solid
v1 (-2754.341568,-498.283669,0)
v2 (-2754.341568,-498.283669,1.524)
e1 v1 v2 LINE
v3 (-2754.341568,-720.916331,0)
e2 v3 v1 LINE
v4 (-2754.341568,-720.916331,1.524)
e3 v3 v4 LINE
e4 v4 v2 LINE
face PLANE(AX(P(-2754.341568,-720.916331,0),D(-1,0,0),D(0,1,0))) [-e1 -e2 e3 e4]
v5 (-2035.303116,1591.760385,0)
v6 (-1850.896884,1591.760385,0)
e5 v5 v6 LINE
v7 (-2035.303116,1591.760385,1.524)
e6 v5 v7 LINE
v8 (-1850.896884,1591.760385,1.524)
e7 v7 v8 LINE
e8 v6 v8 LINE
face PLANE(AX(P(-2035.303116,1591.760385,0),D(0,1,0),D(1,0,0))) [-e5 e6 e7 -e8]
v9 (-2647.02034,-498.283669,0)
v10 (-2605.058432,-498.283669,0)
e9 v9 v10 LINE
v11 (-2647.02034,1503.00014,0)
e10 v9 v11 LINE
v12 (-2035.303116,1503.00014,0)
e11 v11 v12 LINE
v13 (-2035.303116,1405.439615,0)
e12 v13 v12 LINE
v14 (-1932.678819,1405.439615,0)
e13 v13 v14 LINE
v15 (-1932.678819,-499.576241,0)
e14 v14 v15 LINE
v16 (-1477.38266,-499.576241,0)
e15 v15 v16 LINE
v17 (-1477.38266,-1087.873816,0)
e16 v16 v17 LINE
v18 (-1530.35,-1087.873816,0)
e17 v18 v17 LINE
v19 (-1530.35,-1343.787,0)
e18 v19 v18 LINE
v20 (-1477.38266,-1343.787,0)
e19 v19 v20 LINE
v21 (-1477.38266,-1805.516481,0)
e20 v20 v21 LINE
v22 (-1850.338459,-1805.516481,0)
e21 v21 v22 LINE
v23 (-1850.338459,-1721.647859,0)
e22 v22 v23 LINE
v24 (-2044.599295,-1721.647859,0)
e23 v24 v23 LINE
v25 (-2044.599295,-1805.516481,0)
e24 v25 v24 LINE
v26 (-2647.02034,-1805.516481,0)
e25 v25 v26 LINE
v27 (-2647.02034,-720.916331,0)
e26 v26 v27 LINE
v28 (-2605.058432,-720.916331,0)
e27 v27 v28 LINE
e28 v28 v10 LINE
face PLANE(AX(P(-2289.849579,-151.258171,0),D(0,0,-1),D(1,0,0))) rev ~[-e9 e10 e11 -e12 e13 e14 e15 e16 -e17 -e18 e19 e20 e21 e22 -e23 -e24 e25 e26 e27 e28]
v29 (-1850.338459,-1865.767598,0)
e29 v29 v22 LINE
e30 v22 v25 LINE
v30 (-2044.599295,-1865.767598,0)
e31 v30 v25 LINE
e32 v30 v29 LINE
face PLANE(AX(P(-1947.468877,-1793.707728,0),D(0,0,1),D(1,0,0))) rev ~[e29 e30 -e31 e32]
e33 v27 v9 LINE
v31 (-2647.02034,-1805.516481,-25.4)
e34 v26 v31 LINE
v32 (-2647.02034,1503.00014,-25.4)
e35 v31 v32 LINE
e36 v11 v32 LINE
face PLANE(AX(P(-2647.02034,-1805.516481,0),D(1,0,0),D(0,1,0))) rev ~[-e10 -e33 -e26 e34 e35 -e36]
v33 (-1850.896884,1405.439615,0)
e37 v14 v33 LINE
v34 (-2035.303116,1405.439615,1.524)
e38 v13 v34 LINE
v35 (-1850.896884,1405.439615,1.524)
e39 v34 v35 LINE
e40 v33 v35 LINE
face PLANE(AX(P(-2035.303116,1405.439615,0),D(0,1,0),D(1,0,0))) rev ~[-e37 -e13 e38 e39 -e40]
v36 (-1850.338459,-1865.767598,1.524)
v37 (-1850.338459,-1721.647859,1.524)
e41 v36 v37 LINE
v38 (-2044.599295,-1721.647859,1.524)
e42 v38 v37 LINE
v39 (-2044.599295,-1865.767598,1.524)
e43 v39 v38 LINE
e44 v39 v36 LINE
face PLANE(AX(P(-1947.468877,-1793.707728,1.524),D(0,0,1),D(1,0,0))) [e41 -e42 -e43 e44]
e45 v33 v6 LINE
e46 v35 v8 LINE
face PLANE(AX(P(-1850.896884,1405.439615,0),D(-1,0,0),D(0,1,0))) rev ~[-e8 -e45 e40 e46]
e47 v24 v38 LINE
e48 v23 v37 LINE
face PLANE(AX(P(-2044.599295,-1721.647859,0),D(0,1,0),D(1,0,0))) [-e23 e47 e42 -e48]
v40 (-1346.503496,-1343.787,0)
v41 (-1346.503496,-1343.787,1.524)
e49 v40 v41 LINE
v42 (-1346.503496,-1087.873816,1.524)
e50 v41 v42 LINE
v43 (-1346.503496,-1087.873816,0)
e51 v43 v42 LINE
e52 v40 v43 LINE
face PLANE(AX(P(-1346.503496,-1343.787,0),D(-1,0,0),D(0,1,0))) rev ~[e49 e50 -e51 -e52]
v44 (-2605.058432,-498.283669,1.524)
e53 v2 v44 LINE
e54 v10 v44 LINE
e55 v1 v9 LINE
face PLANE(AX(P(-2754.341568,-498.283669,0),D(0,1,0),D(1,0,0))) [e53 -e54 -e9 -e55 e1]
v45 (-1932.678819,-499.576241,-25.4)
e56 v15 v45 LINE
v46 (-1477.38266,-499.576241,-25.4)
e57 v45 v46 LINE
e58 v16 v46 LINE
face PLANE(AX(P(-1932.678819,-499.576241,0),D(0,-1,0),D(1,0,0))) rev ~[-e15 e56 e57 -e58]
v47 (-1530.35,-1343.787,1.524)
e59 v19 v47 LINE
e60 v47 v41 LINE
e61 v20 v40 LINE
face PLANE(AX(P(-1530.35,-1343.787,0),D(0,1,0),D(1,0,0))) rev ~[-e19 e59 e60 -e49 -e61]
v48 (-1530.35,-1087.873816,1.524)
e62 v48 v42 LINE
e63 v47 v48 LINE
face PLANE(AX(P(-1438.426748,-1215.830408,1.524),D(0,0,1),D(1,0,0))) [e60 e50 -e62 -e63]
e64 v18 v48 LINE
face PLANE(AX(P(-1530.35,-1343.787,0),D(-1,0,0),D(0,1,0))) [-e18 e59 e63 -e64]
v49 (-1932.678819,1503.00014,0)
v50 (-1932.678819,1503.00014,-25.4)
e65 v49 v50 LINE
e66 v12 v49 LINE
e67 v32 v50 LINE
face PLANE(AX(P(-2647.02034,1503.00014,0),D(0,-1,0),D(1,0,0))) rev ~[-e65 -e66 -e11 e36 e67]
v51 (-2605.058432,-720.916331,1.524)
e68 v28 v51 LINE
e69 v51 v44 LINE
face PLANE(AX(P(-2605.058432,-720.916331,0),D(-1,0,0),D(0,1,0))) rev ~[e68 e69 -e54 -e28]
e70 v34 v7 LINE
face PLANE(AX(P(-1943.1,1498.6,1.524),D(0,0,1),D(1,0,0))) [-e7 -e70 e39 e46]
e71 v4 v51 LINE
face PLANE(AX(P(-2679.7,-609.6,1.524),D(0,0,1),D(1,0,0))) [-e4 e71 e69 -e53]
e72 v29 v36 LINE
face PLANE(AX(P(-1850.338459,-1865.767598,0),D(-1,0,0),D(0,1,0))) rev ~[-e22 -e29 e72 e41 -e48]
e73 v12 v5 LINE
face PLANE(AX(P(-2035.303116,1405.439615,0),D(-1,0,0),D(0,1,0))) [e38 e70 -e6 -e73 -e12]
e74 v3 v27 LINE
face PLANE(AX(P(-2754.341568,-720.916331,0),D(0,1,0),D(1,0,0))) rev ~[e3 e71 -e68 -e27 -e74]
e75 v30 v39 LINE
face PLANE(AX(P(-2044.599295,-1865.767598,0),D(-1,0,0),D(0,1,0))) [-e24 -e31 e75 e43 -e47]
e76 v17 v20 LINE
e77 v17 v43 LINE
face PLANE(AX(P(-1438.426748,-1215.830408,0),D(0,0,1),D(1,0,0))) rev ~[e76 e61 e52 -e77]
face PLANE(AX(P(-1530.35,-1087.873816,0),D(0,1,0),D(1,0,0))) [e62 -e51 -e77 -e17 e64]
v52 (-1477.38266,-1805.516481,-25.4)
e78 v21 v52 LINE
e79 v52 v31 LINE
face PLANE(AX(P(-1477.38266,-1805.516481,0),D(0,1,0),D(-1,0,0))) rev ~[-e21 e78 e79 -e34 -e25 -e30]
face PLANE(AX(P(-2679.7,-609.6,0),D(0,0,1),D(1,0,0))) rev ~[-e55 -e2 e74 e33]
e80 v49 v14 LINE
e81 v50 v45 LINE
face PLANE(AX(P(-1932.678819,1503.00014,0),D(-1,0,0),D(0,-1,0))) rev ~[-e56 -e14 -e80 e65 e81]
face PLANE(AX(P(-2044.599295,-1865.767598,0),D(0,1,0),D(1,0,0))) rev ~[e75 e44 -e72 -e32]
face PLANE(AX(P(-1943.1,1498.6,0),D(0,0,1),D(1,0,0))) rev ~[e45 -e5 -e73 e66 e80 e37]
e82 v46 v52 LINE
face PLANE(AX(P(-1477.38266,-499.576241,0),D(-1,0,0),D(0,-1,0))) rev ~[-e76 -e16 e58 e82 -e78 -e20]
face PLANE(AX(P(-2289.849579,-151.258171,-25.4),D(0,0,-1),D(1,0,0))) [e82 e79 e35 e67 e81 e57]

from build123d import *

# Parameters (mm, degrees)
F1_W     = 194.2608356476
F1_H     = 144.1197395325
F2_DEPTH = 1.524
F1_W_2   = 184.4062316895
F1_H_2   = 186.3207695007
F3_W     = 149.2831367493
F3_H     = 222.6326616287
F4_DEPTH = 1.524
F5_W     = 183.84650383
F5_H     = 255.9131835098
F6_DEPTH = 1.524
F7_W     = 455.2961587906
F7_H     = 1305.9402406216
F8_DEPTH = 25.4


with BuildPart() as f2:
    # F1 (on Top) → F2 (new body)
    with BuildSketch(Plane.XY):
        with Locations((-1947.4688768387, -1793.7077283859)):
            Rectangle(F1_W, F1_H)
    extrude(amount=F2_DEPTH)



with BuildPart() as f2b:
    # F1 (on Top) → F2, piece 2 (new body)
    with BuildSketch(Plane.XY):
        with Locations((-1943.1, 1498.6)):
            Rectangle(F1_W_2, F1_H_2)
    extrude(amount=F2_DEPTH)


with BuildPart() as f4:
    # F3 (on Top) → F4 (new body)
    with BuildSketch(Plane.XY):
        with Locations((-2679.7, -609.6)):
            Rectangle(F3_W, F3_H)
    extrude(amount=F4_DEPTH)


with BuildPart() as f6:
    # F5 (on Top) → F6 (new body)
    with BuildSketch(Plane.XY):
        with Locations((-1438.426748085, -1215.8304082451)):
            Rectangle(F5_W, F5_H)
    extrude(amount=F6_DEPTH)


with BuildPart() as f2_1:
    add(f2.part)

    add(f2b.part)  # F8 merges F2b

    add(f4.part)  # F8 merges F4

    add(f6.part)  # F8 merges F6
    # F7 (on face) → F8 (join)
    with BuildSketch(Plane(origin=(0, 0, 0), x_dir=(1, 0, 0), z_dir=(0, 0, -1))):
        Polygon((-2647.0203399658, -1503.0001401901), (-1932.6788187027, -1503.0001401901), (-1932.6788187027, 499.576240778), (-1932.6788187027, 1805.5164813995), (-2647.0203399658, 1805.5164813995), align=None)
        with Locations((-1705.0307393074, 1152.5463610888)):
            Rectangle(F7_W, F7_H)
    extrude(amount=F8_DEPTH)


solid = f2_1.part
